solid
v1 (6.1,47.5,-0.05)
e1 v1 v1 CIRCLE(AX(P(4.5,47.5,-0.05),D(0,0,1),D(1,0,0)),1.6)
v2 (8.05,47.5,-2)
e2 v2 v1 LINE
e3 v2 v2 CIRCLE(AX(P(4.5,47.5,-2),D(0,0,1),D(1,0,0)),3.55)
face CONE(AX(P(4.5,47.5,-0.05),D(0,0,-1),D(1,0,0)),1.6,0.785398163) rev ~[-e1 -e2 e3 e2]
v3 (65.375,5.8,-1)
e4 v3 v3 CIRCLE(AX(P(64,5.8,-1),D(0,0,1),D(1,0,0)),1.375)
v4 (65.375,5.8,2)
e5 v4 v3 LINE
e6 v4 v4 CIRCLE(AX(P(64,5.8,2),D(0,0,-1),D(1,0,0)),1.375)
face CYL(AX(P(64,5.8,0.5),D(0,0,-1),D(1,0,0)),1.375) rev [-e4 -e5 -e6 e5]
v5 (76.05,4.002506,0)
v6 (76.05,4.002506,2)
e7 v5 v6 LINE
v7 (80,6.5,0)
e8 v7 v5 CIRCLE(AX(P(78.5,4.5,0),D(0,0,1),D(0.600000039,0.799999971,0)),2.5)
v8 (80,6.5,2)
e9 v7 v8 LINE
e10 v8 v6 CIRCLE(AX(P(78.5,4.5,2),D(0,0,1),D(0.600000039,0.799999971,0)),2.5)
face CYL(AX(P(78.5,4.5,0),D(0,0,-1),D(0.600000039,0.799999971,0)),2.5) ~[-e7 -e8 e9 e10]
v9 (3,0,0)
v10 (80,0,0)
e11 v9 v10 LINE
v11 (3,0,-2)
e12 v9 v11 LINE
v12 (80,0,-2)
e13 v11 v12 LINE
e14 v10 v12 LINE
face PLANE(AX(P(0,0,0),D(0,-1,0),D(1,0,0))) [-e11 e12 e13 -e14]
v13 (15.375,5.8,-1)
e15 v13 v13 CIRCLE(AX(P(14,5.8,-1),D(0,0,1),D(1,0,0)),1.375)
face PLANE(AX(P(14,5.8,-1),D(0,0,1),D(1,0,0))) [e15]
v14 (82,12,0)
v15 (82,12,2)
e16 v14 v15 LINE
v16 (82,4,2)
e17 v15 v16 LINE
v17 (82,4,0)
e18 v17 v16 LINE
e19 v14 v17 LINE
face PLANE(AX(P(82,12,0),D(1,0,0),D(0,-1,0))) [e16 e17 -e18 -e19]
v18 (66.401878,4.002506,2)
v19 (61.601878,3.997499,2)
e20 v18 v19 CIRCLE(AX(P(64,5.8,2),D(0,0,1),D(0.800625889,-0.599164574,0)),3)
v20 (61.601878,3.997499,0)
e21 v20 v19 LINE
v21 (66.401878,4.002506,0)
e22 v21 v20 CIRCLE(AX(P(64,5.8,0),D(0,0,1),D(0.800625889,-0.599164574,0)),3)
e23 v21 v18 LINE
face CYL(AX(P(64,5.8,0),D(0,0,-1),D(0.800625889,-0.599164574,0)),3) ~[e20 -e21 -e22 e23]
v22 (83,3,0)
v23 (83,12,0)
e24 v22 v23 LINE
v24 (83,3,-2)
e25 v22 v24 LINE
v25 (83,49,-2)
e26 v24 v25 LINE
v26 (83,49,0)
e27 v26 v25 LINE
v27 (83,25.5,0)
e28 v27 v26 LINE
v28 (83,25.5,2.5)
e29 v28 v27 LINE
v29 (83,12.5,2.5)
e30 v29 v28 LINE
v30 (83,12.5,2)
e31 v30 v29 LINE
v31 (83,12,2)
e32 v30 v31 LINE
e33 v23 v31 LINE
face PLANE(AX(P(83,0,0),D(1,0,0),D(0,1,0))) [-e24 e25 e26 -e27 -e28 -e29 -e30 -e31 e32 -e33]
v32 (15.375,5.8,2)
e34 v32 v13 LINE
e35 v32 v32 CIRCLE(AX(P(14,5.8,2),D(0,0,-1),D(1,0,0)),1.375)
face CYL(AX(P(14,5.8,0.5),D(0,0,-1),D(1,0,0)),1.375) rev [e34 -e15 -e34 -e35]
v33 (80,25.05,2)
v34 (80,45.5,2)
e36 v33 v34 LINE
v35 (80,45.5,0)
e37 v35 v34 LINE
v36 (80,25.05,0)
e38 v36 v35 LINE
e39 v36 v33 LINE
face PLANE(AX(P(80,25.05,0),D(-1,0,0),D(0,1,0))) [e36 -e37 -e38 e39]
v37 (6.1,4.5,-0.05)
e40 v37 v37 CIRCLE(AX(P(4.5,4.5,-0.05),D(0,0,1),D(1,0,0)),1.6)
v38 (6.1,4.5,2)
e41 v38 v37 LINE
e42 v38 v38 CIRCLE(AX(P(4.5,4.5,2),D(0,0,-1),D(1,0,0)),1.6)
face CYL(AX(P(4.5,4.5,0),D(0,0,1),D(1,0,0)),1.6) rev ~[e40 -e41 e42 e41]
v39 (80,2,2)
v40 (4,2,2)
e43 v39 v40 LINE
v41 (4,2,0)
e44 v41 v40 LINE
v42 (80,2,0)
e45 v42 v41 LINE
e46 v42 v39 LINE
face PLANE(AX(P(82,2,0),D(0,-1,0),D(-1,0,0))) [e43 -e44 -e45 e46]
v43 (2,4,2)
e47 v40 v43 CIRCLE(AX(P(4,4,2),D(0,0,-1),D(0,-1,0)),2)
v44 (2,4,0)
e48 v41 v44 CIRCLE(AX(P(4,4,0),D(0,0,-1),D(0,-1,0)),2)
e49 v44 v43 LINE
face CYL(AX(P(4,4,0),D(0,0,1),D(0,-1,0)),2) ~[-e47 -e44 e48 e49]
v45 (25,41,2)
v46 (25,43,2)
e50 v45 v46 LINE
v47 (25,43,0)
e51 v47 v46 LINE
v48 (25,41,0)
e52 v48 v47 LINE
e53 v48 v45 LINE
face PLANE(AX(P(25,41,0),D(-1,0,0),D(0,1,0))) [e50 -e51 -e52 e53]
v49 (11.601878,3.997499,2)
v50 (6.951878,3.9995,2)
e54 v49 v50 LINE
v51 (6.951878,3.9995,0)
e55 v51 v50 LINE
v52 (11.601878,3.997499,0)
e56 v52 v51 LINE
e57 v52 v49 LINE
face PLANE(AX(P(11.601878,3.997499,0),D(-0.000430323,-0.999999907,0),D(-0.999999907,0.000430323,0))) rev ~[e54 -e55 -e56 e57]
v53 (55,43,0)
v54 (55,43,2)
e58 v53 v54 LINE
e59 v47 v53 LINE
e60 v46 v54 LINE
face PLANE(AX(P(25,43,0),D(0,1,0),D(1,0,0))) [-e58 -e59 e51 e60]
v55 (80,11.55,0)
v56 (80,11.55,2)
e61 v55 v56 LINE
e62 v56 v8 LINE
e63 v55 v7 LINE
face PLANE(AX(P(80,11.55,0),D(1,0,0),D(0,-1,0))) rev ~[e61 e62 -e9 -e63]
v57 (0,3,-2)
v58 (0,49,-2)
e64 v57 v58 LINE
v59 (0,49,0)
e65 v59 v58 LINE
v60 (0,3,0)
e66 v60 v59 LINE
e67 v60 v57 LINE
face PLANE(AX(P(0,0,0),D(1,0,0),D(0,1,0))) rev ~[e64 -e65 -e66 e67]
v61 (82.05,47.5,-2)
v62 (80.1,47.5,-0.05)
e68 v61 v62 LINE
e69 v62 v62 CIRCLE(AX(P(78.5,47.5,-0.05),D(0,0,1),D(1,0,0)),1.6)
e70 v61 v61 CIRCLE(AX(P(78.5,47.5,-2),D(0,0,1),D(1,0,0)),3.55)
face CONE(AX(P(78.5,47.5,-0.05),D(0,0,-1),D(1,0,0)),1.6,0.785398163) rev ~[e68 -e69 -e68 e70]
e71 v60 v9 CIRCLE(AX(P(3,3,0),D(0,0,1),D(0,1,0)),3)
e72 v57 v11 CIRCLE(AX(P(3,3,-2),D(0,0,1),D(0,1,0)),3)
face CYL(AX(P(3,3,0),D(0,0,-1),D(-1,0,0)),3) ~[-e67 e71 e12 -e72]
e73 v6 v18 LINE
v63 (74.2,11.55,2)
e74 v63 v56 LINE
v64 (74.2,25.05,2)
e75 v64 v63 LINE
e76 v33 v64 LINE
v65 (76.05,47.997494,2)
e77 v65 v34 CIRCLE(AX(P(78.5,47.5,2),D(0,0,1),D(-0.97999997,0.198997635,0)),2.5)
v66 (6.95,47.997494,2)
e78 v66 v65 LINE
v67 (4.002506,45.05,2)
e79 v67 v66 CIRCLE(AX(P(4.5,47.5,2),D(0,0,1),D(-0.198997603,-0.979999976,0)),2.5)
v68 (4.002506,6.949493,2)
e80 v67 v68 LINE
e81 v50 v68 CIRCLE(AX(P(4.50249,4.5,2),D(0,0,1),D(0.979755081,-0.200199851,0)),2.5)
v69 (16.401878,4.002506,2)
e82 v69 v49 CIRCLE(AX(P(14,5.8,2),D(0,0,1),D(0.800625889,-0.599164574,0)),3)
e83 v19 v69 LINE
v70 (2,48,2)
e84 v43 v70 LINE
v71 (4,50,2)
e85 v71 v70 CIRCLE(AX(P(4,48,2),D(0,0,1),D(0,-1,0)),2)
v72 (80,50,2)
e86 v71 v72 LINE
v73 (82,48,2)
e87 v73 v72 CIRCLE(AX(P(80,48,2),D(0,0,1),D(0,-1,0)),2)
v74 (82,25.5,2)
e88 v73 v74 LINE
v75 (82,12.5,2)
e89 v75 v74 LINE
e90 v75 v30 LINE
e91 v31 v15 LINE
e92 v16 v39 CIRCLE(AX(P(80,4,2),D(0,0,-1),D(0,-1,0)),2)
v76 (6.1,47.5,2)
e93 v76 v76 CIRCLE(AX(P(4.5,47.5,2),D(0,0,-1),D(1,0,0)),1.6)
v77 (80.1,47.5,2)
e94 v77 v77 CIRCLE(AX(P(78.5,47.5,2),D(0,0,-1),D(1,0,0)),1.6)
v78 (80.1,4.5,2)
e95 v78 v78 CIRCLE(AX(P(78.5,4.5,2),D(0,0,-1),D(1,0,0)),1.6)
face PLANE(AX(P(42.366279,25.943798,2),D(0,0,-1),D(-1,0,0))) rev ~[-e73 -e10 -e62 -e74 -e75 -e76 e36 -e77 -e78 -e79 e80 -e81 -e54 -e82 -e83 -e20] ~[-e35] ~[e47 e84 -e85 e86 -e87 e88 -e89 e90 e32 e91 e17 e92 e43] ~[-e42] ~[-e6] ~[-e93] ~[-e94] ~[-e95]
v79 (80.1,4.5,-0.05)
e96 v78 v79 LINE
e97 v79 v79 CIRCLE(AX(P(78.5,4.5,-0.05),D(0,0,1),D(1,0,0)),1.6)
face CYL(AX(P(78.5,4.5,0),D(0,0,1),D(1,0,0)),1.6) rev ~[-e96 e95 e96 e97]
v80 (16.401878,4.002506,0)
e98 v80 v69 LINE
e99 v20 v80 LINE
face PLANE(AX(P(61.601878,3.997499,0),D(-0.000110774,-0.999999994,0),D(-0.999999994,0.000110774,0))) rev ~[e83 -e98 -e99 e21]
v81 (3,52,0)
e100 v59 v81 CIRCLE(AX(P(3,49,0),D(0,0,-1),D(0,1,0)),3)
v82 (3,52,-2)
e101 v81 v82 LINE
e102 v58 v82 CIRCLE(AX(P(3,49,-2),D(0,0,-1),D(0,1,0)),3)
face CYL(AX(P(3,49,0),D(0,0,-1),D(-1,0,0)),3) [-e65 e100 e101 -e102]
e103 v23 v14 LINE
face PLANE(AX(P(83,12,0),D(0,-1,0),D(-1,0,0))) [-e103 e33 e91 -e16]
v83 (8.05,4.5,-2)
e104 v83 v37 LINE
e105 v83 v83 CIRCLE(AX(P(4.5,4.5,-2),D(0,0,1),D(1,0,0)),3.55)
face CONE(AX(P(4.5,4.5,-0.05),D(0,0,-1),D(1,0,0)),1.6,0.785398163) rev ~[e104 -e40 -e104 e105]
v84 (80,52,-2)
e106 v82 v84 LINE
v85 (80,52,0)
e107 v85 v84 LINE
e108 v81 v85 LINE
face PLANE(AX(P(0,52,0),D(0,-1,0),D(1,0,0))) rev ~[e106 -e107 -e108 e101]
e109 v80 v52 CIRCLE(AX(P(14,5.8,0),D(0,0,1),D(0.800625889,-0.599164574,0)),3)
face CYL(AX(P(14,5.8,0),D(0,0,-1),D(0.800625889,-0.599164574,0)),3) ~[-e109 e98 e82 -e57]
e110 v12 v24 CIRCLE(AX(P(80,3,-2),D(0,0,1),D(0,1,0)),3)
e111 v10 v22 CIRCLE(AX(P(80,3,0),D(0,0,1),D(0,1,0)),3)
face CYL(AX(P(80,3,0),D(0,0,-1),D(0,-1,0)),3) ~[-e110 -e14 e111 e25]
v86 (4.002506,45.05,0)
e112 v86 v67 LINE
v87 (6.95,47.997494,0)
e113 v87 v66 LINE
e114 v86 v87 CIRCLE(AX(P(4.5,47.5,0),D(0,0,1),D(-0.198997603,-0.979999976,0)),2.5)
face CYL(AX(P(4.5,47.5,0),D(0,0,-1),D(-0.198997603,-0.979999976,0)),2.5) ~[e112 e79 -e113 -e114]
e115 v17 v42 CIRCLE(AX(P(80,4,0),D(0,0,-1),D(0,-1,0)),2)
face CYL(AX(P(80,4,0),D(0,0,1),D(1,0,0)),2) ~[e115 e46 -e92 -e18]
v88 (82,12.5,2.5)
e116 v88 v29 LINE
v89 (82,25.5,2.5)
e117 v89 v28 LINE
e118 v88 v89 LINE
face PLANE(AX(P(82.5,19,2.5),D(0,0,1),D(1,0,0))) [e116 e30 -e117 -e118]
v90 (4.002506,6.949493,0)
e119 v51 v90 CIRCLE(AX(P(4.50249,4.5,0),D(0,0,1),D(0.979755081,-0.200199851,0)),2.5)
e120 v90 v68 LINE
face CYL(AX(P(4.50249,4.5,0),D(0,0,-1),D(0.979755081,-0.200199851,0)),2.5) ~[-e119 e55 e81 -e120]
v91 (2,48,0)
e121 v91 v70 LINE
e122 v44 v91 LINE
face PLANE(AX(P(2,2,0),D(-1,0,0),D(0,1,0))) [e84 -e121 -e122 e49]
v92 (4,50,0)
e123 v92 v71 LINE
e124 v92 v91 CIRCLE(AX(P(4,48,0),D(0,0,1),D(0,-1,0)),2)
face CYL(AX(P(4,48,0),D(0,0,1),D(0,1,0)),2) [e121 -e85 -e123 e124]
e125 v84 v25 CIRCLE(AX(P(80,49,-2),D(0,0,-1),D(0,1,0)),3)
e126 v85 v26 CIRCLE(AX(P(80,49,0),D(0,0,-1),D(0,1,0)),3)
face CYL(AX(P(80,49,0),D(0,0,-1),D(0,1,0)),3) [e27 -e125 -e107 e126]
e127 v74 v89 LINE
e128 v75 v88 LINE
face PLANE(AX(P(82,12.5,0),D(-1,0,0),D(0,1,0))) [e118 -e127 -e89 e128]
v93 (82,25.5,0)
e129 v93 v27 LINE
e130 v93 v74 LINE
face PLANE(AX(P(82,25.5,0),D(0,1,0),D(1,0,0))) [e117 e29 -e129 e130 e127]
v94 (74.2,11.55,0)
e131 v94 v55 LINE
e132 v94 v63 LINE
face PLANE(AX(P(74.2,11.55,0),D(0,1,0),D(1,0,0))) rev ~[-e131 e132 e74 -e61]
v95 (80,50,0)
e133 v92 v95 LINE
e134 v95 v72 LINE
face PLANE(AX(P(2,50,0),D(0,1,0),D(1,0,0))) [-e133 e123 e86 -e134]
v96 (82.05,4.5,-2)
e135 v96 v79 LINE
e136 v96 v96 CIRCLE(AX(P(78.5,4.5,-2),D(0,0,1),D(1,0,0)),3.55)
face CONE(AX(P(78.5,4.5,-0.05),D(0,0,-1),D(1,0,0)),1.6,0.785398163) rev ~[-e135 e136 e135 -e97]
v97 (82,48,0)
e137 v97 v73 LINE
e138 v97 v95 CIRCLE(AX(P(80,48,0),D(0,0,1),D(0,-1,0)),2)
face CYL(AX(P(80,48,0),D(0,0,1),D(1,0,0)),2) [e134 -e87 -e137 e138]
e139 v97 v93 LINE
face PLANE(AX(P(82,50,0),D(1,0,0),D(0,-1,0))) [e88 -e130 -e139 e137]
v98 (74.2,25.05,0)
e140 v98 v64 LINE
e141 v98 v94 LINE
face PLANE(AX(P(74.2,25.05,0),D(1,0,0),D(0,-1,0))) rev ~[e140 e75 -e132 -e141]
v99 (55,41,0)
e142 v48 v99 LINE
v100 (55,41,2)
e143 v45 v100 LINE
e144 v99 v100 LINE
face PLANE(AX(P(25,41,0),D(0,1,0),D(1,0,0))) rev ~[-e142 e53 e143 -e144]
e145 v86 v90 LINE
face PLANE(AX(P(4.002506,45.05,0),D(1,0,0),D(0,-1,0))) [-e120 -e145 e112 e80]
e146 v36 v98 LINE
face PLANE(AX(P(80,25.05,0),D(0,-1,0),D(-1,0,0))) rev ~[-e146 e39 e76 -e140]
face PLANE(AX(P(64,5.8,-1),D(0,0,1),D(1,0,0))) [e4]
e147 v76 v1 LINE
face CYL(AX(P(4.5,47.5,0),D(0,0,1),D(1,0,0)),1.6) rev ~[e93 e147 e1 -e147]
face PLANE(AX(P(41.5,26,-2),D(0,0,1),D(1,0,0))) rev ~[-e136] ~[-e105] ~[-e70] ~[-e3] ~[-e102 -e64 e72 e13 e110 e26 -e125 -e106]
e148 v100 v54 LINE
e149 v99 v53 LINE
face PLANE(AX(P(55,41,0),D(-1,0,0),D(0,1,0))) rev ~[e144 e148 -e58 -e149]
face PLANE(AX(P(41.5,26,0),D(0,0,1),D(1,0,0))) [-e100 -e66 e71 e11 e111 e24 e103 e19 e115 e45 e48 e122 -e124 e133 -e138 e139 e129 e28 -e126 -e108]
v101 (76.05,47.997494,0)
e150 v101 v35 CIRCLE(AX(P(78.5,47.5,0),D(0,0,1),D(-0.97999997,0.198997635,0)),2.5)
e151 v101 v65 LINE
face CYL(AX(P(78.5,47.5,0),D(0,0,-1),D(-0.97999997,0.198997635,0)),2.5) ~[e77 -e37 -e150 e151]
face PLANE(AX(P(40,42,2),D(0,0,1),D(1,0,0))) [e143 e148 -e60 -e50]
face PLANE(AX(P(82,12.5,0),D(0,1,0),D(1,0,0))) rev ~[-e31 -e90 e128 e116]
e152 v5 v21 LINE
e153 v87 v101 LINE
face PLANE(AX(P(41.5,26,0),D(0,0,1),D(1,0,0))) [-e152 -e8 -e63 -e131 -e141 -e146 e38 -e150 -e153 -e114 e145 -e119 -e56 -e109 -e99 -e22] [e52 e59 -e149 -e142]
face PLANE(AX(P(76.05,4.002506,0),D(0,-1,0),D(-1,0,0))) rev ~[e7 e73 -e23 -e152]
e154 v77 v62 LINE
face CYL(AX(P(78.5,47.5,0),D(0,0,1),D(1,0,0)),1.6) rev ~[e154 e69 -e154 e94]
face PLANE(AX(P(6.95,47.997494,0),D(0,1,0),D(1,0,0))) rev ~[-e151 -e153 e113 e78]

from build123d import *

# Parameters (mm, degrees)
SKETCH_W             = 83
SKETCH_H             = 52
PAD_DEPTH            = 2
SKETCH001_W          = 30
SKETCH001_H          = 2
PAD001_DEPTH         = 2
SKETCH005_R          = 1.6
POCKET_DEPTH         = 5
POCKET_DEPTH_BACK    = -5
SKETCH003_R          = 1.375
POCKET001_DEPTH      = 2
POCKET001_DEPTH_BACK = 1.5
SKETCH004_W          = 1
SKETCH004_H          = 13
PAD002_DEPTH         = 2.5
CHAMFER_SIZE         = 1.95
FILLET_R             = 3
FILLET001_R          = 2


with BuildPart() as part:
    # Sketch → Pad (new body)
    with BuildSketch(Plane.XY):
        with Locations((41.5, 26)):
            Rectangle(SKETCH_W, SKETCH_H)
    extrude(amount=-PAD_DEPTH)

    # Sketch001 → Pad001 (join)
    with BuildSketch(Plane.XY):
        Polygon((2, 2), (2, 50), (82, 50), (82, 25.5), (83, 25.5), (83, 12), (82, 12), (82, 2), align=None)
        with BuildLine():
            Line((6.95, 47.997494), (76.05, 47.997494))
            ThreePointArc((76.05, 47.997494), (77.163963, 45.386944), (80, 45.5))
            Line((80, 25.05), (80, 45.5))
            Line((80, 25.05), (74.2, 25.05))
            Line((74.2, 25.05), (74.2, 11.55))
            Line((74.2, 11.55), (80, 11.55))
            Line((80, 11.55), (80, 6.5))
            ThreePointArc((80, 6.5), (77.163963, 6.613056), (76.05, 4.002506))
            Line((76.05, 4.002506), (66.401878, 4.002506))
            ThreePointArc((66.401878, 4.002506), (63.996871, 8.799998), (61.601878, 3.997499))
            Line((61.601878, 3.997499), (16.401878, 4.002506))
            ThreePointArc((16.401878, 4.002506), (13.996871, 8.799998), (11.601878, 3.997499))
            Line((11.601878, 3.997499), (6.951878, 3.9995))
            ThreePointArc((6.951878, 3.9995), (6.270443, 6.267581), (4.002506, 6.949493))
            Line((4.002506, 45.05), (4.002506, 6.949493))
            ThreePointArc((4.002506, 45.05), (6.267767, 45.732233), (6.95, 47.997494))
        make_face(mode=Mode.SUBTRACT)
        with Locations((40, 42)):
            Rectangle(SKETCH001_W, SKETCH001_H)
    extrude(amount=PAD001_DEPTH)

    # Sketch005 → Pocket (cut, two sides)
    with BuildSketch(Plane.XY) as pocket_sk:
        with Locations((4.5, 47.5)):
            Circle(SKETCH005_R)
        with Locations((78.5, 47.5)):
            Circle(SKETCH005_R)
        with Locations((78.5, 4.5)):
            Circle(SKETCH005_R)
        with Locations((4.5, 4.5)):
            Circle(SKETCH005_R)
    extrude(amount=-POCKET_DEPTH, mode=Mode.SUBTRACT)
    extrude(pocket_sk.sketch, amount=-POCKET_DEPTH_BACK, mode=Mode.SUBTRACT)

    # Sketch003 → Pocket001 (cut, two sides)
    with BuildSketch(Plane.XY.offset(0.5)) as pocket001_sk:
        with Locations((14, 5.8)):
            Circle(SKETCH003_R)
        with Locations((64, 5.8)):
            Circle(SKETCH003_R)
    extrude(amount=POCKET001_DEPTH, mode=Mode.SUBTRACT)
    extrude(pocket001_sk.sketch, amount=-POCKET001_DEPTH_BACK, mode=Mode.SUBTRACT)

    # Sketch004 → Pad002 (join)
    with BuildSketch(Plane.XY):
        with Locations((82.5, 19)):
            Rectangle(SKETCH004_W, SKETCH004_H)
    extrude(amount=PAD002_DEPTH)

    # Chamfer
    chamfer_edges = [part.edges().sort_by_distance(p)[0] for p in [
        (2.9, 47.5, -2),
        (2.9, 4.5, -2),
        (76.9, 4.5, -2),
        (76.9, 47.5, -2),
    ]]
    chamfer(chamfer_edges, length=CHAMFER_SIZE)

    # Fillet
    fillet_edges = [part.edges().sort_by_distance(p)[0] for p in [
        (83, 52, -1),
        (0, 52, -1),
        (0, 0, -1),
        (83, 0, -1),
    ]]
    fillet(fillet_edges, radius=FILLET_R)

    # Fillet001
    fillet001_edges = [part.edges().sort_by_distance(p)[0] for p in [
        (82, 2, 1),
        (2, 2, 1),
        (82, 50, 1),
        (2, 50, 1),
    ]]
    fillet(fillet001_edges, radius=FILLET001_R)


solid = part.part
